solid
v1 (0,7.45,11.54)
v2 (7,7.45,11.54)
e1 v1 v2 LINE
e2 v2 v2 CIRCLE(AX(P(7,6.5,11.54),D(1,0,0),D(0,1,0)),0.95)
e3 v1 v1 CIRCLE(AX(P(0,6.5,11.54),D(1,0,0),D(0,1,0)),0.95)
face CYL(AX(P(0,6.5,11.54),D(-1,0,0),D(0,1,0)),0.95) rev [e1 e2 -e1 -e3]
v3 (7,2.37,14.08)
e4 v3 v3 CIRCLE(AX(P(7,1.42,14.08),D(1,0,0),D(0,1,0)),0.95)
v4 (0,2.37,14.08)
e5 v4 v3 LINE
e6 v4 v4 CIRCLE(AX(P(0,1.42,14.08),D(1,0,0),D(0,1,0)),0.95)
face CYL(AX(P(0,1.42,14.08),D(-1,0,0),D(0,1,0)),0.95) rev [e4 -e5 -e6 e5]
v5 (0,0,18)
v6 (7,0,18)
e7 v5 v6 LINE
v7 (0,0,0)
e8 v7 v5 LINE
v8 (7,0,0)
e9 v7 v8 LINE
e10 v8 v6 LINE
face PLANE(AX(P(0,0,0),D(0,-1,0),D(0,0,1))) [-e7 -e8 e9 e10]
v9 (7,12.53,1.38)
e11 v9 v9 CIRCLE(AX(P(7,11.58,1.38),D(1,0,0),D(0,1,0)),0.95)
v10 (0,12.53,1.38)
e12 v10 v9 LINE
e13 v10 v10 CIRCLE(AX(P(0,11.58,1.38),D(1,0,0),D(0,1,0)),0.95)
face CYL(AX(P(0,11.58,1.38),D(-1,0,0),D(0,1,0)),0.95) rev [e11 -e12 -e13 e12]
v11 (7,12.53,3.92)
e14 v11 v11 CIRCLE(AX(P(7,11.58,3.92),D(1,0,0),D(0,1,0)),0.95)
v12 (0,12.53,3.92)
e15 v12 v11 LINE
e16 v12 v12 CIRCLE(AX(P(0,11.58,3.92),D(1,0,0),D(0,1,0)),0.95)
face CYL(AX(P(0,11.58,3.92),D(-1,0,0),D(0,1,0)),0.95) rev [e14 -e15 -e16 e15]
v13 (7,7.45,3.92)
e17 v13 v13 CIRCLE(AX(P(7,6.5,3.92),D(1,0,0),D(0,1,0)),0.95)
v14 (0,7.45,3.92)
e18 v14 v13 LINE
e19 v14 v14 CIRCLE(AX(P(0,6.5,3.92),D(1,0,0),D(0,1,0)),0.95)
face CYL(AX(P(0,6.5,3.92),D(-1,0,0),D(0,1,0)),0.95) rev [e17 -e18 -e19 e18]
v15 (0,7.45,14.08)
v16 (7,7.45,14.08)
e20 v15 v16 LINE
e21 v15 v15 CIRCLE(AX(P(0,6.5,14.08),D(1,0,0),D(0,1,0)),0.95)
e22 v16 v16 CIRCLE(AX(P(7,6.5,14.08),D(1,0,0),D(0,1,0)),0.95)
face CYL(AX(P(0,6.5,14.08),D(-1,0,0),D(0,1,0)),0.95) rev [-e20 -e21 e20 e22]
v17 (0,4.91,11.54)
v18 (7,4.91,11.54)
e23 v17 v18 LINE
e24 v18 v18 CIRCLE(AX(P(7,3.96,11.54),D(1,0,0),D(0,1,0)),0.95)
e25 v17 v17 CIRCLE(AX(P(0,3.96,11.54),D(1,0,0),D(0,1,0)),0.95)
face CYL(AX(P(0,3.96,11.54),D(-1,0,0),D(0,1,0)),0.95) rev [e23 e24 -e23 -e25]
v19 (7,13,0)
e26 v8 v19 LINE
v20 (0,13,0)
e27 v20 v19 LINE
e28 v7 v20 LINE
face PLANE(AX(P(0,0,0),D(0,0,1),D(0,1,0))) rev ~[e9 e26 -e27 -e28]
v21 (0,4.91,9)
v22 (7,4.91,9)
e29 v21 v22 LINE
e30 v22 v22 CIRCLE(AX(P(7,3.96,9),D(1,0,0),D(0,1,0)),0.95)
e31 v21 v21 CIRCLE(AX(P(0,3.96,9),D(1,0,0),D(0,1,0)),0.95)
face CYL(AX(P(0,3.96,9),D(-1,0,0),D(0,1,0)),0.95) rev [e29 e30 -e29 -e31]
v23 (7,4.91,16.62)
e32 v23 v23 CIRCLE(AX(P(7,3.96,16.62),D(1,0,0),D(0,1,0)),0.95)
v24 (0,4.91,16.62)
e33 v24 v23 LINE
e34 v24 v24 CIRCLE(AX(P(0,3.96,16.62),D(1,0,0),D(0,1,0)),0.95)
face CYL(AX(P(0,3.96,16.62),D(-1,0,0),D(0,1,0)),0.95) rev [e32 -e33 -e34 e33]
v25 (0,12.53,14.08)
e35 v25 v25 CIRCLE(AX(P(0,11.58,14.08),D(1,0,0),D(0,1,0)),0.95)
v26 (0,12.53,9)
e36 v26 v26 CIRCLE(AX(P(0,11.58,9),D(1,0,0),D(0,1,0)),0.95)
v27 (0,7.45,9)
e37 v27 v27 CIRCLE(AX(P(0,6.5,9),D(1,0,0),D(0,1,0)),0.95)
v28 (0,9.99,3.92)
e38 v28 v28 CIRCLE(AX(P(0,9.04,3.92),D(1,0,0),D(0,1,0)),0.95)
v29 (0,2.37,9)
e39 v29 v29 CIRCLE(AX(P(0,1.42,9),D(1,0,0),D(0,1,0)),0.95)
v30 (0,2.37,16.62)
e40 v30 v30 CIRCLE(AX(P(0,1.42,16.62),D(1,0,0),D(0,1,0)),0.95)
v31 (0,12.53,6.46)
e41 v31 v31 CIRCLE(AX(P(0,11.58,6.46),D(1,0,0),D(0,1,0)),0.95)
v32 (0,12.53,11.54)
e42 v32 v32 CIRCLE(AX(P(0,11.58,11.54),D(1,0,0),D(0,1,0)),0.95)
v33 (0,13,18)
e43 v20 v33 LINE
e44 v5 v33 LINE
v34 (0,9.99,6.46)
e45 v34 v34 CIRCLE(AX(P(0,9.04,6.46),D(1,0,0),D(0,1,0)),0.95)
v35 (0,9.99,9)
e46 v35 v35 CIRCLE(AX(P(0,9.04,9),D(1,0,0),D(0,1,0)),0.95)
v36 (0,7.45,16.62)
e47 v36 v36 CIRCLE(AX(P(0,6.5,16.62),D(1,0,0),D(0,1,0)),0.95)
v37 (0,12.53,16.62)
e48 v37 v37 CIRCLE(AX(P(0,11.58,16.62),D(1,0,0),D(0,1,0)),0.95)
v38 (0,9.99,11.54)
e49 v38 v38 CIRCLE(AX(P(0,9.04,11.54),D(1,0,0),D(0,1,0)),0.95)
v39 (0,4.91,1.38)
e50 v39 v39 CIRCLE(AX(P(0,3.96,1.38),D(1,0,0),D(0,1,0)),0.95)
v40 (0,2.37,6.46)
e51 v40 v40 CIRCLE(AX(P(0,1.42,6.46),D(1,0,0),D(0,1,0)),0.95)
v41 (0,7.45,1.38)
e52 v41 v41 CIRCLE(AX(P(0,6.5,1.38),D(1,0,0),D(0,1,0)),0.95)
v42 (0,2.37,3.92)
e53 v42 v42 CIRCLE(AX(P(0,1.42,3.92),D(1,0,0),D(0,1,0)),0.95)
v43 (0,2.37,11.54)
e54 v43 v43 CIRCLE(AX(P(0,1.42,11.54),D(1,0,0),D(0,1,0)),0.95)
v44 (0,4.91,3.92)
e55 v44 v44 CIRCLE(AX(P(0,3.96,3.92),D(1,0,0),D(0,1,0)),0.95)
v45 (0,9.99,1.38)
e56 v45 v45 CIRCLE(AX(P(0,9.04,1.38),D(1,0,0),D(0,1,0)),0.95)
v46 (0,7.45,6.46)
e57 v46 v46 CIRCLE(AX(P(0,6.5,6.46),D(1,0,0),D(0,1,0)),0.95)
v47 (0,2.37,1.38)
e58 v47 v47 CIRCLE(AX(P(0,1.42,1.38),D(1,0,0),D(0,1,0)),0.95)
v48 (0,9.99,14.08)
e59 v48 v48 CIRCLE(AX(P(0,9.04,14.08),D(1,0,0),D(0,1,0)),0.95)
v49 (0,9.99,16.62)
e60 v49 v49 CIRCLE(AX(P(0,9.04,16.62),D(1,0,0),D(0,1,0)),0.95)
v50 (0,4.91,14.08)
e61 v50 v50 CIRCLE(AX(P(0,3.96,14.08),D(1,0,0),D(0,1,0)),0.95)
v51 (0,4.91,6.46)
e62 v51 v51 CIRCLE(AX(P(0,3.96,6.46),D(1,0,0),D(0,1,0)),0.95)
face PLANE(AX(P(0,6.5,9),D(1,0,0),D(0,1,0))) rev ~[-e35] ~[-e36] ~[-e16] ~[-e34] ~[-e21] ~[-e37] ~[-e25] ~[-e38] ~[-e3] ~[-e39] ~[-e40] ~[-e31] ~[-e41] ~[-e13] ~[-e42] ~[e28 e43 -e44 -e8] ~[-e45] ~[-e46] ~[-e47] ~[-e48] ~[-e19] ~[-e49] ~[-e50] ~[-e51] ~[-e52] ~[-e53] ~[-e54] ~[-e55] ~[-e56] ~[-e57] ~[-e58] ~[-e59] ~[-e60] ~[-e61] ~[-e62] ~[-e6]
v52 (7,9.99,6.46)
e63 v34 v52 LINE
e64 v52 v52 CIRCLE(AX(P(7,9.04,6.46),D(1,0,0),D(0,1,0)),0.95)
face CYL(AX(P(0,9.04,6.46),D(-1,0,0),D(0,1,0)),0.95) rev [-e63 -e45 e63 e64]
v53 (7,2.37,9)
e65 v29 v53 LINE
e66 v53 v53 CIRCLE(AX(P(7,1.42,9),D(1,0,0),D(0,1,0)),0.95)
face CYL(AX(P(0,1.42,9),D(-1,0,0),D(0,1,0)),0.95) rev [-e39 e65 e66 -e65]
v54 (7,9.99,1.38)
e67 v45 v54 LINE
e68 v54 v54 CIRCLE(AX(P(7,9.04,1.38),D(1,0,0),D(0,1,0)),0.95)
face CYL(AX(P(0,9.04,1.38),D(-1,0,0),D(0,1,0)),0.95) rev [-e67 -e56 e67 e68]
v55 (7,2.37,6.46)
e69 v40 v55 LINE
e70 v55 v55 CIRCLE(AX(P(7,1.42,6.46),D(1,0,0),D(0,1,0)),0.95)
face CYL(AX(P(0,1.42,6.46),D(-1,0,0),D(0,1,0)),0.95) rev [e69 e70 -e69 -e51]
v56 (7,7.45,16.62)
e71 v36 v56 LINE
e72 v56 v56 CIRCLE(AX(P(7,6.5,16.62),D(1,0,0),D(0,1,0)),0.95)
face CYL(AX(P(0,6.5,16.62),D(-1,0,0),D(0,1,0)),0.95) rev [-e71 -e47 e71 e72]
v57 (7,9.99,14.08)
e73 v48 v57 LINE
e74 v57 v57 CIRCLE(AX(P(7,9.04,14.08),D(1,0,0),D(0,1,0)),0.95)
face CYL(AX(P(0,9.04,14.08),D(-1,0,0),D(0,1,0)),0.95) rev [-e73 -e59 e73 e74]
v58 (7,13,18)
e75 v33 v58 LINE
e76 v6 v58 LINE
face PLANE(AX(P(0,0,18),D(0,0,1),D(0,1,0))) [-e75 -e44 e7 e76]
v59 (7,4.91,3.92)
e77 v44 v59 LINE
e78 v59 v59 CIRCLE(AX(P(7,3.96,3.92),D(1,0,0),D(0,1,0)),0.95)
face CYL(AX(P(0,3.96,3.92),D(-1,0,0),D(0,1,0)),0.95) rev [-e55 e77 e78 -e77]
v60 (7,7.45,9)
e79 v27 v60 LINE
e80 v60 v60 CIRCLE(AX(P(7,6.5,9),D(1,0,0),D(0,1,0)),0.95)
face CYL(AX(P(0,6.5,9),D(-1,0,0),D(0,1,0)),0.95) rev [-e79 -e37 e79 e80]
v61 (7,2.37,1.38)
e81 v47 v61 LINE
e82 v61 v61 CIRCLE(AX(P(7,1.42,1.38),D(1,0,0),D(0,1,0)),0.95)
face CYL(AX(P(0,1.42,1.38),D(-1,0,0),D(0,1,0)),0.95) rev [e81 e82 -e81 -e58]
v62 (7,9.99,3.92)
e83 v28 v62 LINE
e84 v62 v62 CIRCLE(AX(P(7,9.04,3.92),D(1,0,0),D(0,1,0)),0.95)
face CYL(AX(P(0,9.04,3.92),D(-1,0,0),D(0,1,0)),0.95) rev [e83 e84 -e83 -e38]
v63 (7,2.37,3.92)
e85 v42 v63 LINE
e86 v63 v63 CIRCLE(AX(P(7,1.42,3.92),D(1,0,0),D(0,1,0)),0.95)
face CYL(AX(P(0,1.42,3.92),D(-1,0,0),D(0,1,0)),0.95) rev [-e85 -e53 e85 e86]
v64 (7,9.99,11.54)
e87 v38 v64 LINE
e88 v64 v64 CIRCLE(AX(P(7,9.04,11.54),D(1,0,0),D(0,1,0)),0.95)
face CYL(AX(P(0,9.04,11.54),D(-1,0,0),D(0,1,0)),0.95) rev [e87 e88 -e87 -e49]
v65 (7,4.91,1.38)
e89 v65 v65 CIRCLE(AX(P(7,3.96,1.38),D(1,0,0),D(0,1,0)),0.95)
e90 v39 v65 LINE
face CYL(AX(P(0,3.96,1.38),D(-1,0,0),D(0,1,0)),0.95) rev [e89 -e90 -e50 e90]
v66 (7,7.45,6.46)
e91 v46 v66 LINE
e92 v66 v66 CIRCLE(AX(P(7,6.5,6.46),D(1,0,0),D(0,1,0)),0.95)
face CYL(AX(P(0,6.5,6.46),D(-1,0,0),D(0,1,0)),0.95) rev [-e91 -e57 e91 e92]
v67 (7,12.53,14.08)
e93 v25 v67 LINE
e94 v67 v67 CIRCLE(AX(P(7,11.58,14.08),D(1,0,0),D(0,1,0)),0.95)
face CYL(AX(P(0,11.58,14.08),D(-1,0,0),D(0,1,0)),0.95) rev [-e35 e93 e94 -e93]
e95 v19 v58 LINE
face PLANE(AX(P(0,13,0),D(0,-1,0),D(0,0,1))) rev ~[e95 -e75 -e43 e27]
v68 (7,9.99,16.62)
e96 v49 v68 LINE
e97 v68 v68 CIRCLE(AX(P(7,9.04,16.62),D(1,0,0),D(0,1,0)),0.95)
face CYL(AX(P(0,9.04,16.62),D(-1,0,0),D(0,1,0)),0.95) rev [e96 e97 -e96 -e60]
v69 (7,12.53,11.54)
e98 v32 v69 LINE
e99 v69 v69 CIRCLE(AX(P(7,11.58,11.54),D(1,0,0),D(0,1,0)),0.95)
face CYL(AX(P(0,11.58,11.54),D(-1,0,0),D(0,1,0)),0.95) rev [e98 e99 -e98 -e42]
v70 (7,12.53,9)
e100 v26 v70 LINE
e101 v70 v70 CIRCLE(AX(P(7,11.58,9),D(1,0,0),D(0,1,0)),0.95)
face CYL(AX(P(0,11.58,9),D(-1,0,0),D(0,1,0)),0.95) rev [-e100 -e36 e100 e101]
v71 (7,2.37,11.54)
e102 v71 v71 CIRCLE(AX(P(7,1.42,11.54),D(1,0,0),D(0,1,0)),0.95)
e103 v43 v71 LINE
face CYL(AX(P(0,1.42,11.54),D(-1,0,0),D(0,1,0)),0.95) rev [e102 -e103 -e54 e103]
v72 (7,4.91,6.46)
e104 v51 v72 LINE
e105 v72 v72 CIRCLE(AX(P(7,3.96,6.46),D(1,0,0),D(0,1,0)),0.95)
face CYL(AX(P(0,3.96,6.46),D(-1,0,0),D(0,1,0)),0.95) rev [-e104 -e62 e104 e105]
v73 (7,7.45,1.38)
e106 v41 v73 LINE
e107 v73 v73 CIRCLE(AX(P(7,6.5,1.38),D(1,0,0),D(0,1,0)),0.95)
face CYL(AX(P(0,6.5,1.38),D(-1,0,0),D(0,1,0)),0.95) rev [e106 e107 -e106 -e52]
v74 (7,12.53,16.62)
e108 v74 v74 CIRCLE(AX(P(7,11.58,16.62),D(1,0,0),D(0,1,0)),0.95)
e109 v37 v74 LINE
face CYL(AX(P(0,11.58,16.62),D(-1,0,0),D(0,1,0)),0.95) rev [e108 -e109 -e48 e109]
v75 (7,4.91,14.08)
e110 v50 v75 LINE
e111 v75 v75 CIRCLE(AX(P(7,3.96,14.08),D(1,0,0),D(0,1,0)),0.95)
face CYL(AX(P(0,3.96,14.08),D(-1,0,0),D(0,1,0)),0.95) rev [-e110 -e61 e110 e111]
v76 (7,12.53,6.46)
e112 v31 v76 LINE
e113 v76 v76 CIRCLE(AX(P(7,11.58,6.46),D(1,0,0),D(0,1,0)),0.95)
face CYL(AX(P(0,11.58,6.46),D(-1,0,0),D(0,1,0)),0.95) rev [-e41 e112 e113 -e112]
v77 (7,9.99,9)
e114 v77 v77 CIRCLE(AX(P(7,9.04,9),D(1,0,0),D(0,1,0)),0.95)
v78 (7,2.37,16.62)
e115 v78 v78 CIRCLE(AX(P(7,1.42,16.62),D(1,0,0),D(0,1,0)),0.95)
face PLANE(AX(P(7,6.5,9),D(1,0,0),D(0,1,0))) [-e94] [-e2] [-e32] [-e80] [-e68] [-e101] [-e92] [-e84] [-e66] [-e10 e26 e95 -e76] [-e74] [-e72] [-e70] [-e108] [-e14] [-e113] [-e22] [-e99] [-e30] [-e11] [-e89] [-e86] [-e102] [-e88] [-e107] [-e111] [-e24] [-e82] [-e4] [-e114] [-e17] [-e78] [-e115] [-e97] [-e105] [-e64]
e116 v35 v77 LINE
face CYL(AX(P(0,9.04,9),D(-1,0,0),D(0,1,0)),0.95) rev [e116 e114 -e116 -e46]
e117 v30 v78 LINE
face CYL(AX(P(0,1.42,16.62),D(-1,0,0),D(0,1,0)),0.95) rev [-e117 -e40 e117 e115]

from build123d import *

# Parameters (mm, degrees)
SKETCH_W  = 13
SKETCH_H  = 18
SKETCH_R  = 0.95
PAD_DEPTH = 7


with BuildPart() as part:
    # Sketch → Pad (new body)
    with BuildSketch(Plane.YZ):
        with Locations((6.5, 9)):
            Rectangle(SKETCH_W, SKETCH_H)
        with Locations((1.42, 16.62)):
            Circle(SKETCH_R, mode=Mode.SUBTRACT)
        with Locations((11.58, 16.62)):
            Circle(SKETCH_R, mode=Mode.SUBTRACT)
        with Locations((11.58, 1.38)):
            Circle(SKETCH_R, mode=Mode.SUBTRACT)
        with Locations((3.96, 16.62)):
            Circle(SKETCH_R, mode=Mode.SUBTRACT)
        with Locations((6.5, 16.62)):
            Circle(SKETCH_R, mode=Mode.SUBTRACT)
        with Locations((9.04, 16.62)):
            Circle(SKETCH_R, mode=Mode.SUBTRACT)
        with Locations((11.58, 6.46)):
            Circle(SKETCH_R, mode=Mode.SUBTRACT)
        with Locations((11.58, 9)):
            Circle(SKETCH_R, mode=Mode.SUBTRACT)
        with Locations((11.58, 11.54)):
            Circle(SKETCH_R, mode=Mode.SUBTRACT)
        with Locations((11.58, 14.08)):
            Circle(SKETCH_R, mode=Mode.SUBTRACT)
        with Locations((11.58, 3.92)):
            Circle(SKETCH_R, mode=Mode.SUBTRACT)
        with Locations((9.04, 14.08)):
            Circle(SKETCH_R, mode=Mode.SUBTRACT)
        with Locations((6.5, 14.08)):
            Circle(SKETCH_R, mode=Mode.SUBTRACT)
        with Locations((3.96, 14.08)):
            Circle(SKETCH_R, mode=Mode.SUBTRACT)
        with Locations((1.42, 14.08)):
            Circle(SKETCH_R, mode=Mode.SUBTRACT)
        with Locations((9.04, 11.54)):
            Circle(SKETCH_R, mode=Mode.SUBTRACT)
        with Locations((6.5, 11.54)):
            Circle(SKETCH_R, mode=Mode.SUBTRACT)
        with Locations((3.96, 11.54)):
            Circle(SKETCH_R, mode=Mode.SUBTRACT)
        with Locations((1.42, 11.54)):
            Circle(SKETCH_R, mode=Mode.SUBTRACT)
        with Locations((9.04, 9)):
            Circle(SKETCH_R, mode=Mode.SUBTRACT)
        with Locations((6.5, 9)):
            Circle(SKETCH_R, mode=Mode.SUBTRACT)
        with Locations((3.96, 9)):
            Circle(SKETCH_R, mode=Mode.SUBTRACT)
        with Locations((1.42, 9)):
            Circle(SKETCH_R, mode=Mode.SUBTRACT)
        with Locations((9.04, 6.46)):
            Circle(SKETCH_R, mode=Mode.SUBTRACT)
        with Locations((6.5, 6.46)):
            Circle(SKETCH_R, mode=Mode.SUBTRACT)
        with Locations((3.96, 6.46)):
            Circle(SKETCH_R, mode=Mode.SUBTRACT)
        with Locations((1.42, 6.46)):
            Circle(SKETCH_R, mode=Mode.SUBTRACT)
        with Locations((1.42, 3.92)):
            Circle(SKETCH_R, mode=Mode.SUBTRACT)
        with Locations((3.96, 3.92)):
            Circle(SKETCH_R, mode=Mode.SUBTRACT)
        with Locations((6.5, 3.92)):
            Circle(SKETCH_R, mode=Mode.SUBTRACT)
        with Locations((9.04, 3.92)):
            Circle(SKETCH_R, mode=Mode.SUBTRACT)
        with Locations((9.04, 1.38)):
            Circle(SKETCH_R, mode=Mode.SUBTRACT)
        with Locations((6.5, 1.38)):
            Circle(SKETCH_R, mode=Mode.SUBTRACT)
        with Locations((3.96, 1.38)):
            Circle(SKETCH_R, mode=Mode.SUBTRACT)
        with Locations((1.42, 1.38)):
            Circle(SKETCH_R, mode=Mode.SUBTRACT)
    extrude(amount=PAD_DEPTH)


solid = part.part
